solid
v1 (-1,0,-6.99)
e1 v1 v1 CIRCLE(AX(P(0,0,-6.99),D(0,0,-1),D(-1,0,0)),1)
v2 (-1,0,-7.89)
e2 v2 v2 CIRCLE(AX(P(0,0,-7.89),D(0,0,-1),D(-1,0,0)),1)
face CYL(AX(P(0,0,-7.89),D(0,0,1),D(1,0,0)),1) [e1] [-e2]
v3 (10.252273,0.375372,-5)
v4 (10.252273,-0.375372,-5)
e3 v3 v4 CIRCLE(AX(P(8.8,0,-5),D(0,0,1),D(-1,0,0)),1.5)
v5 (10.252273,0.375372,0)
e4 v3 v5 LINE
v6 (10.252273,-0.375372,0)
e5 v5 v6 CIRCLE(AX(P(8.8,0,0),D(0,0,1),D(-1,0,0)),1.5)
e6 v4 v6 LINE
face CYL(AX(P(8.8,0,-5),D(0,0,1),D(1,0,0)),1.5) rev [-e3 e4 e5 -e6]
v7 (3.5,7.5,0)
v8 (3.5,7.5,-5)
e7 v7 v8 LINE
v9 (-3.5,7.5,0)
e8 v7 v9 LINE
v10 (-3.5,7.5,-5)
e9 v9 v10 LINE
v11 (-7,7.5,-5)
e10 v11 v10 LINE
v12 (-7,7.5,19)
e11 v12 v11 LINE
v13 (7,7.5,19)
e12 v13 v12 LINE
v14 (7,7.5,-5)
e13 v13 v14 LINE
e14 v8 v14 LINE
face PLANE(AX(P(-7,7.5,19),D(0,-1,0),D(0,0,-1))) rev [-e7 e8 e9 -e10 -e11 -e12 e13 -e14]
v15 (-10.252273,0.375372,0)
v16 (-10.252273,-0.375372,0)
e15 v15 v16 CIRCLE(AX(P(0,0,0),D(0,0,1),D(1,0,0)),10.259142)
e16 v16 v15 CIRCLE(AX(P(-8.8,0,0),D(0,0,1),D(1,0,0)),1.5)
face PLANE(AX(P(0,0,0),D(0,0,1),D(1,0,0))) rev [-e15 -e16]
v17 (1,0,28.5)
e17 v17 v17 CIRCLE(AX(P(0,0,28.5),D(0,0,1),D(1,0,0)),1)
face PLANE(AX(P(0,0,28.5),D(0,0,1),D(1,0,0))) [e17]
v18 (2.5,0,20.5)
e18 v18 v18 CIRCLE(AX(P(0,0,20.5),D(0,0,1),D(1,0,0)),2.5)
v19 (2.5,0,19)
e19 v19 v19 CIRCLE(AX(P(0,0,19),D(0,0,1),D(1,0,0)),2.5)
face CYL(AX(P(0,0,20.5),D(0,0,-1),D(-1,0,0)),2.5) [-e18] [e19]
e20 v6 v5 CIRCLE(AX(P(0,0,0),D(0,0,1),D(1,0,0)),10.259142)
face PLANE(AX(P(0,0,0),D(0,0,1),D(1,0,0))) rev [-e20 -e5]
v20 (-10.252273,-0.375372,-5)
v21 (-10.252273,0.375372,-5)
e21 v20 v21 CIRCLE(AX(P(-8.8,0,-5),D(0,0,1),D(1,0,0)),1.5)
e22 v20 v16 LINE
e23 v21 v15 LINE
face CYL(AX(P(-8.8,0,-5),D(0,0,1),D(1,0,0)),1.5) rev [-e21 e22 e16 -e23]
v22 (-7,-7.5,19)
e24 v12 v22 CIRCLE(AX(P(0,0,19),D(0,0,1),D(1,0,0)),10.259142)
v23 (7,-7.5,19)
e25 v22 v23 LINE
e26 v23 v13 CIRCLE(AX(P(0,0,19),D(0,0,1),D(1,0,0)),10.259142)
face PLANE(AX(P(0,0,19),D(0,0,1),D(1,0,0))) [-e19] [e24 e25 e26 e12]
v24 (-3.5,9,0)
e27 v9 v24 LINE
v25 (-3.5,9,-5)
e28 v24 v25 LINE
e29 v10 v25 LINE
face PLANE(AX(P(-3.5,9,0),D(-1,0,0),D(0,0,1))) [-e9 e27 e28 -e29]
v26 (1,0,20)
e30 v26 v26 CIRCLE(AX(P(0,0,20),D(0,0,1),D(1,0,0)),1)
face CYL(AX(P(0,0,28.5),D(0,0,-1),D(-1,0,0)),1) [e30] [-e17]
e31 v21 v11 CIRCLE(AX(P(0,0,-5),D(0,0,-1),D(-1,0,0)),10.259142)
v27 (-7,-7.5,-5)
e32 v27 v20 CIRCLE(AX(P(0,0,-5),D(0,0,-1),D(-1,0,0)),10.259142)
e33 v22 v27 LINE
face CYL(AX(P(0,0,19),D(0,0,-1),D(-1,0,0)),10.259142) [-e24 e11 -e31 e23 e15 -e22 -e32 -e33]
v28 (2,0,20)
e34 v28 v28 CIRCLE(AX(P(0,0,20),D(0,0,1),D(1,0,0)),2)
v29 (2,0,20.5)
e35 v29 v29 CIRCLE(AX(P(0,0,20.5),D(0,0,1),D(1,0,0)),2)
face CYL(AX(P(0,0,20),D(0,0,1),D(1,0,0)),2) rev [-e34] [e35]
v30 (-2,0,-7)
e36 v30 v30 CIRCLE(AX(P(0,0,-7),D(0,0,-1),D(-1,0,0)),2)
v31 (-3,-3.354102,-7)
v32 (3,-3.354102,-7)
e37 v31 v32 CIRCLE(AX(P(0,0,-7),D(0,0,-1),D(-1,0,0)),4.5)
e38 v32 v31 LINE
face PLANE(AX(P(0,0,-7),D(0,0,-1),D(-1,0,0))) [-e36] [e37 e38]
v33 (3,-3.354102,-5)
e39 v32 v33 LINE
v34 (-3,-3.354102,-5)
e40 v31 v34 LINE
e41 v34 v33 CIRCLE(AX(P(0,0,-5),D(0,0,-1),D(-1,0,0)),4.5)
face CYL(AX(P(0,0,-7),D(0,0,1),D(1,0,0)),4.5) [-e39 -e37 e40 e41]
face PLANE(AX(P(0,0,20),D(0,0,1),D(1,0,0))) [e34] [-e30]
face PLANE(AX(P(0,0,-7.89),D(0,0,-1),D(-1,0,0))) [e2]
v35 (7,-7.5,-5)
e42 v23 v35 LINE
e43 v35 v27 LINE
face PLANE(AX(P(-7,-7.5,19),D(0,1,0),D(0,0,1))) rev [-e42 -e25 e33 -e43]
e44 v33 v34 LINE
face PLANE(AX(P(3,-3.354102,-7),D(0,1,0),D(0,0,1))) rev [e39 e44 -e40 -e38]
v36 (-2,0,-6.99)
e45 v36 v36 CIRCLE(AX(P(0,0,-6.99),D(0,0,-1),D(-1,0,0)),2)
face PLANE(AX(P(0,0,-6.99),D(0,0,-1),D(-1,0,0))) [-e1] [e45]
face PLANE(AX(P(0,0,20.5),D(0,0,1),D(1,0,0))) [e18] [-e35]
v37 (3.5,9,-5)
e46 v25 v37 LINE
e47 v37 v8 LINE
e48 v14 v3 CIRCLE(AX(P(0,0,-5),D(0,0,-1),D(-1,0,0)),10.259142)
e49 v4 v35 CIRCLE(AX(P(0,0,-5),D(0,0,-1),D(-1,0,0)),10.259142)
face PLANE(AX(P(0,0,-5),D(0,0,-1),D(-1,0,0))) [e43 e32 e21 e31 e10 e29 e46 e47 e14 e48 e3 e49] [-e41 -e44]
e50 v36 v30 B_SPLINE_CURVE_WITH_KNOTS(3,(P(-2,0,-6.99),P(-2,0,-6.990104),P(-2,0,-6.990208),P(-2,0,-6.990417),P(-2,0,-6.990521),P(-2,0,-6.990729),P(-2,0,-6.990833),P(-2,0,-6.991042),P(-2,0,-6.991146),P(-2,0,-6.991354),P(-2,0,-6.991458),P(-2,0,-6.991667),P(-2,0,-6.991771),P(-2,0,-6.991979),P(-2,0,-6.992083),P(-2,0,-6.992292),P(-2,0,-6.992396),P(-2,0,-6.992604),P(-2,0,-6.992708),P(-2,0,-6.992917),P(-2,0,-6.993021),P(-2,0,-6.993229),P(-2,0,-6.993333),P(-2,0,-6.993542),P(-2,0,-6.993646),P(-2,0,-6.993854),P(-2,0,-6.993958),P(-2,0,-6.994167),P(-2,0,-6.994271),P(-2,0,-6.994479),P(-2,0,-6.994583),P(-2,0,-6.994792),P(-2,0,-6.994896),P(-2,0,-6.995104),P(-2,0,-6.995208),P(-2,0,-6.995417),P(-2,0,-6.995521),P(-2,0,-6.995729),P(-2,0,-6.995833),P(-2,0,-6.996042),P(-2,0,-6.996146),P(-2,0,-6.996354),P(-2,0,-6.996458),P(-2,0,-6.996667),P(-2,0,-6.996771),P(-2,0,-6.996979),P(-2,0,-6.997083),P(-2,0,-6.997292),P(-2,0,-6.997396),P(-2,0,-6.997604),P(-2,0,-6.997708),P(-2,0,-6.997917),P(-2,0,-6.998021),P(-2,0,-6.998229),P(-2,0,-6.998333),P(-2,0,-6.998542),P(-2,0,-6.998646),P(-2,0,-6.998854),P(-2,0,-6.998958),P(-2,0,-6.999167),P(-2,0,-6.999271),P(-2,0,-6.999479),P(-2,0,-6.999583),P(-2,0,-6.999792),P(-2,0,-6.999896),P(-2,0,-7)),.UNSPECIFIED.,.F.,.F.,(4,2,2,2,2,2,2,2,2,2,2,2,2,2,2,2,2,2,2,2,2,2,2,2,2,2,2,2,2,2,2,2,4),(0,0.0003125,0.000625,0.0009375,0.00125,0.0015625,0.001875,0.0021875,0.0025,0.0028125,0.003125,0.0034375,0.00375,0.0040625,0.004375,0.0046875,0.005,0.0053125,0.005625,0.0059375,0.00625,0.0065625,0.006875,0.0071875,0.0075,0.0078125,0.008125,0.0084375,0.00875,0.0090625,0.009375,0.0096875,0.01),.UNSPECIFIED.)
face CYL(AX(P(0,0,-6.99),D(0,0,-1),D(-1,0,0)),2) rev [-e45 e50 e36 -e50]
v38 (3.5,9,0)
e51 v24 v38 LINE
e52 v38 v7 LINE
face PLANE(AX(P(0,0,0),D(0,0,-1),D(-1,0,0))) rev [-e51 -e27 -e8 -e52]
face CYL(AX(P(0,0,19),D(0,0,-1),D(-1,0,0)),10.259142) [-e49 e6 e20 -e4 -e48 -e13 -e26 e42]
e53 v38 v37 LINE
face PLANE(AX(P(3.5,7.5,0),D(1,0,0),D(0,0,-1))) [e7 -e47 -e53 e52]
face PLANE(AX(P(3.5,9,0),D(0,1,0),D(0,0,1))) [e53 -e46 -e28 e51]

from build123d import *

# Parameters (mm, degrees)
SALIENTE_EXTRUIR2_DEPTH = 19
CROQUIS3_R              = 2.5
SALIENTE_EXTRUIR3_DEPTH = 1.5
CROQUIS4_R              = 2
CORTAR_EXTRUIR1_DEPTH   = 0.5
CROQUIS5_R              = 1
SALIENTE_EXTRUIR4_DEPTH = 8.5
SALIENTE_EXTRUIR5_START = 5
SALIENTE_EXTRUIR5_DEPTH = 5
SALIENTE_EXTRUIR6_DEPTH = 2
CORTAR_EXTRUIR2_START   = -0.01
CROQUIS8_R              = 2
CORTAR_EXTRUIR2_DEPTH   = 0.01
SALIENTE_EXTRUIR7_START = 0.9
CROQUIS9_R              = 1
SALIENTE_EXTRUIR7_DEPTH = 0.9
CROQUIS10_W             = 7
CROQUIS10_H             = 1.5
SALIENTE_EXTRUIR8_DEPTH = 5


with BuildPart() as part:
    # Croquis2 → Saliente-Extruir2 (new body)
    with BuildSketch(Plane.XY):
        with BuildLine():
            Line((-7, 7.5), (7, 7.5))
            ThreePointArc((7, 7.5), (10.259142264, 0), (7, -7.5))
            Line((7, -7.5), (-7, -7.5))
            ThreePointArc((-7, -7.5), (-10.259142264, 0), (-7, 7.5))
        make_face()
    extrude(amount=SALIENTE_EXTRUIR2_DEPTH)

    # Croquis3 → Saliente-Extruir3 (add)
    with BuildSketch(Plane.XY.offset(19)):
        Circle(CROQUIS3_R)
    extrude(amount=SALIENTE_EXTRUIR3_DEPTH)

    # Croquis4 → Cortar-Extruir1 (cut)
    with BuildSketch(Plane.XY.offset(20.5)):
        Circle(CROQUIS4_R)
    extrude(amount=-CORTAR_EXTRUIR1_DEPTH, mode=Mode.SUBTRACT)

    # Croquis5 → Saliente-Extruir4 (add)
    with BuildSketch(Plane.XY.offset(20)):
        Circle(CROQUIS5_R)
    extrude(amount=SALIENTE_EXTRUIR4_DEPTH)

    # Croquis6 → Saliente-Extruir5 (add)
    with BuildSketch(Plane(origin=(0, 0, 0), x_dir=(-1, 0, 0), z_dir=(0, 0, -1)).offset(SALIENTE_EXTRUIR5_START)):
        with BuildLine():
            Line((-7, 7.5), (7, 7.5))
            ThreePointArc((7, 7.5), (9.332754717, 4.260245227), (10.252272727, 0.375371717))
            ThreePointArc((10.252272727, 0.375371717), (7.3, 0), (10.252272727, -0.375371717))
            ThreePointArc((10.252272727, -0.375371717), (9.332754717, -4.260245227), (7, -7.5))
            Line((7, -7.5), (-7, -7.5))
            ThreePointArc((-7, -7.5), (-9.332754717, -4.260245227), (-10.252272727, -0.375371717))
            ThreePointArc((-10.252272727, -0.375371717), (-7.3, 0), (-10.252272727, 0.375371717))
            ThreePointArc((-10.252272727, 0.375371717), (-9.332754717, 4.260245227), (-7, 7.5))
        make_face()
    extrude(amount=-SALIENTE_EXTRUIR5_DEPTH)

    # Croquis7 → Saliente-Extruir6 (add)
    with BuildSketch(Plane(origin=(0, 0, -5), x_dir=(-1, 0, 0), z_dir=(0, 0, -1))):
        with BuildLine():
            Line((-3, -3.354101966), (3, -3.354101966))
            ThreePointArc((3, -3.354101966), (0, 4.5), (-3, -3.354101966))
        make_face()
    extrude(amount=SALIENTE_EXTRUIR6_DEPTH)

    # Croquis8 → Cortar-Extruir2 (cut)
    with BuildSketch(Plane(origin=(0, 0, -7), x_dir=(-1, 0, 0), z_dir=(0, 0, -1)).offset(CORTAR_EXTRUIR2_START)):
        with Locations(Location((0, 0, 0), (0, 0, 180))):
            Circle(CROQUIS8_R)
    extrude(amount=CORTAR_EXTRUIR2_DEPTH, mode=Mode.SUBTRACT)

    # Croquis9 → Saliente-Extruir7 (add)
    with BuildSketch(Plane(origin=(0, 0, -6.99), x_dir=(-1, 0, 0), z_dir=(0, 0, -1)).offset(SALIENTE_EXTRUIR7_START)):
        with Locations(Location((0, 0, 0), (0, 0, 180))):
            Circle(CROQUIS9_R)
    extrude(amount=-SALIENTE_EXTRUIR7_DEPTH)

    # Croquis10 → Saliente-Extruir8 (add)
    with BuildSketch(Plane(origin=(0, 0, -5), x_dir=(-1, 0, 0), z_dir=(0, 0, -1))):
        with Locations((0, 8.25)):
            Rectangle(CROQUIS10_W, CROQUIS10_H)
    extrude(amount=-SALIENTE_EXTRUIR8_DEPTH)


solid = part.part
